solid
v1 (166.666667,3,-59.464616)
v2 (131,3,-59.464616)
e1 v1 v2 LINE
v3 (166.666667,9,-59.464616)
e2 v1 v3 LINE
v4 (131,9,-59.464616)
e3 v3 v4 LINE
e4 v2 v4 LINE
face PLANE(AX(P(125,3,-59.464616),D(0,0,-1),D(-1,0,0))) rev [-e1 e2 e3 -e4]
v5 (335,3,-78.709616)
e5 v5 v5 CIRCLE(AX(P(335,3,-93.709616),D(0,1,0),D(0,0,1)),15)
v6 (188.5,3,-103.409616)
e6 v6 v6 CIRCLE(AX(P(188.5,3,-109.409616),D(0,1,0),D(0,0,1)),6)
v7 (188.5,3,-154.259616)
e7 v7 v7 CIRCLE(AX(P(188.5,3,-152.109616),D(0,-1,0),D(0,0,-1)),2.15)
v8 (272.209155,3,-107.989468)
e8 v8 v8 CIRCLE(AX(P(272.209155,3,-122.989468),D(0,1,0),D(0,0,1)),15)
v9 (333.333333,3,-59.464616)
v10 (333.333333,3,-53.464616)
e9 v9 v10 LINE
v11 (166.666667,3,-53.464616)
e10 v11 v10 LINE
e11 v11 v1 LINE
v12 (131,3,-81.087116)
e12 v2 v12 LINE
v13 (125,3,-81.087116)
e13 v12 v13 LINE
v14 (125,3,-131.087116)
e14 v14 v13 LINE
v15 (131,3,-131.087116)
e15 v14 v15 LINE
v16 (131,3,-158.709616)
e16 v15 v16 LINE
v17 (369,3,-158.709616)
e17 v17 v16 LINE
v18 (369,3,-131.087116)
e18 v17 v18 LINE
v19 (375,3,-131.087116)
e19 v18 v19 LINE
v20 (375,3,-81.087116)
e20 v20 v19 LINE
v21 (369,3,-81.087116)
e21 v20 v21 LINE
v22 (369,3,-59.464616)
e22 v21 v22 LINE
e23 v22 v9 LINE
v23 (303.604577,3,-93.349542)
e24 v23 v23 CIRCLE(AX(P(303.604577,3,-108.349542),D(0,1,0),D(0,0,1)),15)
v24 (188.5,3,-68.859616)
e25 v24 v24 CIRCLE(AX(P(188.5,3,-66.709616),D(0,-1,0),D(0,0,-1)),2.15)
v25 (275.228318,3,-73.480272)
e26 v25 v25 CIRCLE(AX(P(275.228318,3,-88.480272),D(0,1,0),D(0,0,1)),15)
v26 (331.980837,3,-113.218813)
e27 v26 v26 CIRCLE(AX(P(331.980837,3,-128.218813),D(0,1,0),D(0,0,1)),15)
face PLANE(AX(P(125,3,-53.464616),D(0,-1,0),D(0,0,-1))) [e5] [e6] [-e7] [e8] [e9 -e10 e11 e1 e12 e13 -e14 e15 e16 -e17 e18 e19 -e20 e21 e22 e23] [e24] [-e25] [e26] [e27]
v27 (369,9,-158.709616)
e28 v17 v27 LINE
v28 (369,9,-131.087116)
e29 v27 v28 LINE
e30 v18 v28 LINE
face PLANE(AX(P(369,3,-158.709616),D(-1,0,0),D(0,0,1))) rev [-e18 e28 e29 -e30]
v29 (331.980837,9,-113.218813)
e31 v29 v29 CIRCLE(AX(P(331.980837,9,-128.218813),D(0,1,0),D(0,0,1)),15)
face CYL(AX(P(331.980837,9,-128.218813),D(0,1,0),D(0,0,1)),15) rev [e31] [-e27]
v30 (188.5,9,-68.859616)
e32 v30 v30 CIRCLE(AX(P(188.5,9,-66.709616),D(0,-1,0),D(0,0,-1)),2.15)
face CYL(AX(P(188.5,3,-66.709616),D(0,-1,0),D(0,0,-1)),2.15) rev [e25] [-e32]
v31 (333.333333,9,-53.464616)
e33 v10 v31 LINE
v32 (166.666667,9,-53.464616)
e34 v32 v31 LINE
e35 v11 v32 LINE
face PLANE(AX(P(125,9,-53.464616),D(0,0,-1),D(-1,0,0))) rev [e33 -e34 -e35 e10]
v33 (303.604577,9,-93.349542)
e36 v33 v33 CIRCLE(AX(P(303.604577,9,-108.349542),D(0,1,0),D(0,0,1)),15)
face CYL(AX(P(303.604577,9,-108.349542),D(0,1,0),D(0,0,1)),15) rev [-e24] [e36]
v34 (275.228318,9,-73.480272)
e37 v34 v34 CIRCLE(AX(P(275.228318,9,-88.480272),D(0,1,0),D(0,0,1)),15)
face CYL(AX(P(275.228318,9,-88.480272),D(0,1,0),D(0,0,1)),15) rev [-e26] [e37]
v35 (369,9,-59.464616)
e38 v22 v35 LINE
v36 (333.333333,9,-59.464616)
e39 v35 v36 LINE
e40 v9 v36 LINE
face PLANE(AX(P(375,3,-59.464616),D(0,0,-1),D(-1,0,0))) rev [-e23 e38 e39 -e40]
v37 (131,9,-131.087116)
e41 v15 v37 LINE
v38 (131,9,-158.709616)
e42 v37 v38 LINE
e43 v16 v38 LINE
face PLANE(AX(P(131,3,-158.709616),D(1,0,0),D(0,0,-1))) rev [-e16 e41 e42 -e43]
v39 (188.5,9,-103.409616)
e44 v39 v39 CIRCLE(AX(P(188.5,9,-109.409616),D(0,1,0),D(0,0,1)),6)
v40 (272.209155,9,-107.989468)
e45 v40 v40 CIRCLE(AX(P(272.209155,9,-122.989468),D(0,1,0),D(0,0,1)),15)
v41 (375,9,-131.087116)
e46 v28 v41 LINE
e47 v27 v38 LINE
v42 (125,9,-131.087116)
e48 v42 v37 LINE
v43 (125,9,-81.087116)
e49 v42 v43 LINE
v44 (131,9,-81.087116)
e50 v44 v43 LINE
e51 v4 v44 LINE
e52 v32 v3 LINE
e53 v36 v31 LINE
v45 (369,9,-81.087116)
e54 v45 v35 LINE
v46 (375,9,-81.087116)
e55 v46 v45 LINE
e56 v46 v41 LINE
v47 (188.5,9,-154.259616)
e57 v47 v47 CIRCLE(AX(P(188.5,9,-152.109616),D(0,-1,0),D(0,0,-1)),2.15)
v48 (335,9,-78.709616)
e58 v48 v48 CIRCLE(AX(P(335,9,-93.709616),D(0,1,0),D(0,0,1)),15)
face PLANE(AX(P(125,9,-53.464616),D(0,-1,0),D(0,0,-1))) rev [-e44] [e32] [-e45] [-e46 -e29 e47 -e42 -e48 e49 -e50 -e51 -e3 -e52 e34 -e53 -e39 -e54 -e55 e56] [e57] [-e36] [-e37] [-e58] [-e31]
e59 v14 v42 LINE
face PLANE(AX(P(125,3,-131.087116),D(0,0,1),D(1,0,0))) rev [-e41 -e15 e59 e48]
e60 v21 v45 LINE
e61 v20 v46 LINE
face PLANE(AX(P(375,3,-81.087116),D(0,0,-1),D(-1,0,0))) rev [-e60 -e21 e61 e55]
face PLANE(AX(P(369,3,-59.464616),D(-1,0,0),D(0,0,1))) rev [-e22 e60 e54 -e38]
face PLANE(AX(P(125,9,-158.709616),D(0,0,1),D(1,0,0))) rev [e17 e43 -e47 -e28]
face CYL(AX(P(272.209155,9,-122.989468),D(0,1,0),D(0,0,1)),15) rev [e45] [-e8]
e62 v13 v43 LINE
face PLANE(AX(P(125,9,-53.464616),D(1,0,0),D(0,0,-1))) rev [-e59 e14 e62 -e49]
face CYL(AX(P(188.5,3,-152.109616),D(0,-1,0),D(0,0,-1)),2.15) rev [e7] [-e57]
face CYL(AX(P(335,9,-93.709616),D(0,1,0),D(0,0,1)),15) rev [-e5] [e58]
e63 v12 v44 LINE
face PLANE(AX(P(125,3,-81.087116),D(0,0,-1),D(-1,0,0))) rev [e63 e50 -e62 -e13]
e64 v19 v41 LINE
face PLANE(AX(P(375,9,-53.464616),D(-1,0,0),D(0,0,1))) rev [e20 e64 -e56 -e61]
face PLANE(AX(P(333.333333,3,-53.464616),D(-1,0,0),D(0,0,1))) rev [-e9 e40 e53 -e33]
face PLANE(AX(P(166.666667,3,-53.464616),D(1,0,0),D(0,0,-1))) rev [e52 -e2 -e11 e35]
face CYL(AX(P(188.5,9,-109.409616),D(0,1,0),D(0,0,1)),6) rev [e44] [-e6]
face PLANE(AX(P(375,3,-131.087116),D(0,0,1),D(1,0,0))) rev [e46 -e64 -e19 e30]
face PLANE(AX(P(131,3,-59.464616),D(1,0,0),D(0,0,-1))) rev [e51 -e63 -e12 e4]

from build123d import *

# Parameters (mm, degrees)
SKETCH1_W              = 500
SKETCH1_H              = 210.49
BOSS_EXTRUDE1_DEPTH    = 12
SKETCH2_W              = 83.333333333
SKETCH2_H              = 12
SKETCH2_W_2            = 12
CUT_EXTRUDE1_DEPTH     = 543.632509255
SKETCH3_W              = 12
SKETCH3_H              = 43.245
CUT_EXTRUDE2_DEPTH     = 543.632509255
SCALE1_SCALE           = 0.5
F_12_0MM_DOWEL_SLOT1_D = 12
M4_CLEARANCE_SLOT1_D   = 4.3
F_1_0MM_DOWEL_SLOT1_D  = 30


with BuildPart() as part:
    # Sketch1 → Boss-Extrude1 (new body)
    with BuildSketch(Plane(origin=(0, 0, 0), x_dir=(1, 0, 0), z_dir=(0, 1, 0))):
        with Locations((250, 105.245)):
            Rectangle(SKETCH1_W, SKETCH1_H)
    extrude(amount=BOSS_EXTRUDE1_DEPTH)

    # Sketch2 → Cut-Extrude1 (cut, through all)
    with BuildSketch(Plane(origin=(0, 12, 0), x_dir=(1, 0, 0), z_dir=(0, 1, 0))):
        with Locations((458.333333334, 6)):
            Rectangle(SKETCH2_W, SKETCH2_H)
        with Locations((494, 204.49)):
            Rectangle(SKETCH2_W_2, SKETCH2_H)
        with Locations((6, 204.49)):
            Rectangle(SKETCH2_W_2, SKETCH2_H)
        with Locations((41.666666666, 6)):
            Rectangle(SKETCH2_W, SKETCH2_H)
    extrude(amount=-CUT_EXTRUDE1_DEPTH, mode=Mode.SUBTRACT)

    # Sketch3 → Cut-Extrude2 (cut, through all)
    with BuildSketch(Plane(origin=(0, 12, 0), x_dir=(1, 0, 0), z_dir=(0, 1, 0))):
        with Locations((494, 33.6225)):
            Rectangle(SKETCH3_W, SKETCH3_H)
        with Locations((494, 176.8675)):
            Rectangle(SKETCH3_W, SKETCH3_H)
        with Locations((6, 176.8675)):
            Rectangle(SKETCH3_W, SKETCH3_H)
        with Locations((6, 33.6225)):
            Rectangle(SKETCH3_W, SKETCH3_H)
    extrude(amount=-CUT_EXTRUDE2_DEPTH, mode=Mode.SUBTRACT)


with BuildPart() as part_1:
    # Scale1: scaled about (250, 6, -106.929232272)
    add(part.part.scale(SCALE1_SCALE).moved(Location((125, 3, -53.464616136))))

    # Ø12.0mm Dowel Slot1 (through all)
    with Locations(Plane(origin=(0, 9, 0), x_dir=(1, 0, 0), z_dir=(0, 1, 0))):
        with Locations((188.5, 109.409616136)):
            Hole(F_12_0MM_DOWEL_SLOT1_D / 2)

    # M4 Clearance Slot1 (through all)
    with Locations(Plane(origin=(0, 3, 0), x_dir=(-1, 0, 0), z_dir=(0, -1, 0))):
        with Locations((-188.5, 152.109616136), (-188.5, 66.709616136)):
            Hole(M4_CLEARANCE_SLOT1_D / 2)

    # Ø1.0mm Dowel Slot1 (through all)
    with Locations(Plane(origin=(0, 9, 0), x_dir=(1, 0, 0), z_dir=(0, 1, 0))):
        with Locations((275.228318114, 88.480271571), (335, 93.709616136), (303.604577311, 108.349542167), (272.209154622, 122.989468197), (331.980836508, 128.218812762)):
            Hole(F_1_0MM_DOWEL_SLOT1_D / 2)


solid = part_1.part
